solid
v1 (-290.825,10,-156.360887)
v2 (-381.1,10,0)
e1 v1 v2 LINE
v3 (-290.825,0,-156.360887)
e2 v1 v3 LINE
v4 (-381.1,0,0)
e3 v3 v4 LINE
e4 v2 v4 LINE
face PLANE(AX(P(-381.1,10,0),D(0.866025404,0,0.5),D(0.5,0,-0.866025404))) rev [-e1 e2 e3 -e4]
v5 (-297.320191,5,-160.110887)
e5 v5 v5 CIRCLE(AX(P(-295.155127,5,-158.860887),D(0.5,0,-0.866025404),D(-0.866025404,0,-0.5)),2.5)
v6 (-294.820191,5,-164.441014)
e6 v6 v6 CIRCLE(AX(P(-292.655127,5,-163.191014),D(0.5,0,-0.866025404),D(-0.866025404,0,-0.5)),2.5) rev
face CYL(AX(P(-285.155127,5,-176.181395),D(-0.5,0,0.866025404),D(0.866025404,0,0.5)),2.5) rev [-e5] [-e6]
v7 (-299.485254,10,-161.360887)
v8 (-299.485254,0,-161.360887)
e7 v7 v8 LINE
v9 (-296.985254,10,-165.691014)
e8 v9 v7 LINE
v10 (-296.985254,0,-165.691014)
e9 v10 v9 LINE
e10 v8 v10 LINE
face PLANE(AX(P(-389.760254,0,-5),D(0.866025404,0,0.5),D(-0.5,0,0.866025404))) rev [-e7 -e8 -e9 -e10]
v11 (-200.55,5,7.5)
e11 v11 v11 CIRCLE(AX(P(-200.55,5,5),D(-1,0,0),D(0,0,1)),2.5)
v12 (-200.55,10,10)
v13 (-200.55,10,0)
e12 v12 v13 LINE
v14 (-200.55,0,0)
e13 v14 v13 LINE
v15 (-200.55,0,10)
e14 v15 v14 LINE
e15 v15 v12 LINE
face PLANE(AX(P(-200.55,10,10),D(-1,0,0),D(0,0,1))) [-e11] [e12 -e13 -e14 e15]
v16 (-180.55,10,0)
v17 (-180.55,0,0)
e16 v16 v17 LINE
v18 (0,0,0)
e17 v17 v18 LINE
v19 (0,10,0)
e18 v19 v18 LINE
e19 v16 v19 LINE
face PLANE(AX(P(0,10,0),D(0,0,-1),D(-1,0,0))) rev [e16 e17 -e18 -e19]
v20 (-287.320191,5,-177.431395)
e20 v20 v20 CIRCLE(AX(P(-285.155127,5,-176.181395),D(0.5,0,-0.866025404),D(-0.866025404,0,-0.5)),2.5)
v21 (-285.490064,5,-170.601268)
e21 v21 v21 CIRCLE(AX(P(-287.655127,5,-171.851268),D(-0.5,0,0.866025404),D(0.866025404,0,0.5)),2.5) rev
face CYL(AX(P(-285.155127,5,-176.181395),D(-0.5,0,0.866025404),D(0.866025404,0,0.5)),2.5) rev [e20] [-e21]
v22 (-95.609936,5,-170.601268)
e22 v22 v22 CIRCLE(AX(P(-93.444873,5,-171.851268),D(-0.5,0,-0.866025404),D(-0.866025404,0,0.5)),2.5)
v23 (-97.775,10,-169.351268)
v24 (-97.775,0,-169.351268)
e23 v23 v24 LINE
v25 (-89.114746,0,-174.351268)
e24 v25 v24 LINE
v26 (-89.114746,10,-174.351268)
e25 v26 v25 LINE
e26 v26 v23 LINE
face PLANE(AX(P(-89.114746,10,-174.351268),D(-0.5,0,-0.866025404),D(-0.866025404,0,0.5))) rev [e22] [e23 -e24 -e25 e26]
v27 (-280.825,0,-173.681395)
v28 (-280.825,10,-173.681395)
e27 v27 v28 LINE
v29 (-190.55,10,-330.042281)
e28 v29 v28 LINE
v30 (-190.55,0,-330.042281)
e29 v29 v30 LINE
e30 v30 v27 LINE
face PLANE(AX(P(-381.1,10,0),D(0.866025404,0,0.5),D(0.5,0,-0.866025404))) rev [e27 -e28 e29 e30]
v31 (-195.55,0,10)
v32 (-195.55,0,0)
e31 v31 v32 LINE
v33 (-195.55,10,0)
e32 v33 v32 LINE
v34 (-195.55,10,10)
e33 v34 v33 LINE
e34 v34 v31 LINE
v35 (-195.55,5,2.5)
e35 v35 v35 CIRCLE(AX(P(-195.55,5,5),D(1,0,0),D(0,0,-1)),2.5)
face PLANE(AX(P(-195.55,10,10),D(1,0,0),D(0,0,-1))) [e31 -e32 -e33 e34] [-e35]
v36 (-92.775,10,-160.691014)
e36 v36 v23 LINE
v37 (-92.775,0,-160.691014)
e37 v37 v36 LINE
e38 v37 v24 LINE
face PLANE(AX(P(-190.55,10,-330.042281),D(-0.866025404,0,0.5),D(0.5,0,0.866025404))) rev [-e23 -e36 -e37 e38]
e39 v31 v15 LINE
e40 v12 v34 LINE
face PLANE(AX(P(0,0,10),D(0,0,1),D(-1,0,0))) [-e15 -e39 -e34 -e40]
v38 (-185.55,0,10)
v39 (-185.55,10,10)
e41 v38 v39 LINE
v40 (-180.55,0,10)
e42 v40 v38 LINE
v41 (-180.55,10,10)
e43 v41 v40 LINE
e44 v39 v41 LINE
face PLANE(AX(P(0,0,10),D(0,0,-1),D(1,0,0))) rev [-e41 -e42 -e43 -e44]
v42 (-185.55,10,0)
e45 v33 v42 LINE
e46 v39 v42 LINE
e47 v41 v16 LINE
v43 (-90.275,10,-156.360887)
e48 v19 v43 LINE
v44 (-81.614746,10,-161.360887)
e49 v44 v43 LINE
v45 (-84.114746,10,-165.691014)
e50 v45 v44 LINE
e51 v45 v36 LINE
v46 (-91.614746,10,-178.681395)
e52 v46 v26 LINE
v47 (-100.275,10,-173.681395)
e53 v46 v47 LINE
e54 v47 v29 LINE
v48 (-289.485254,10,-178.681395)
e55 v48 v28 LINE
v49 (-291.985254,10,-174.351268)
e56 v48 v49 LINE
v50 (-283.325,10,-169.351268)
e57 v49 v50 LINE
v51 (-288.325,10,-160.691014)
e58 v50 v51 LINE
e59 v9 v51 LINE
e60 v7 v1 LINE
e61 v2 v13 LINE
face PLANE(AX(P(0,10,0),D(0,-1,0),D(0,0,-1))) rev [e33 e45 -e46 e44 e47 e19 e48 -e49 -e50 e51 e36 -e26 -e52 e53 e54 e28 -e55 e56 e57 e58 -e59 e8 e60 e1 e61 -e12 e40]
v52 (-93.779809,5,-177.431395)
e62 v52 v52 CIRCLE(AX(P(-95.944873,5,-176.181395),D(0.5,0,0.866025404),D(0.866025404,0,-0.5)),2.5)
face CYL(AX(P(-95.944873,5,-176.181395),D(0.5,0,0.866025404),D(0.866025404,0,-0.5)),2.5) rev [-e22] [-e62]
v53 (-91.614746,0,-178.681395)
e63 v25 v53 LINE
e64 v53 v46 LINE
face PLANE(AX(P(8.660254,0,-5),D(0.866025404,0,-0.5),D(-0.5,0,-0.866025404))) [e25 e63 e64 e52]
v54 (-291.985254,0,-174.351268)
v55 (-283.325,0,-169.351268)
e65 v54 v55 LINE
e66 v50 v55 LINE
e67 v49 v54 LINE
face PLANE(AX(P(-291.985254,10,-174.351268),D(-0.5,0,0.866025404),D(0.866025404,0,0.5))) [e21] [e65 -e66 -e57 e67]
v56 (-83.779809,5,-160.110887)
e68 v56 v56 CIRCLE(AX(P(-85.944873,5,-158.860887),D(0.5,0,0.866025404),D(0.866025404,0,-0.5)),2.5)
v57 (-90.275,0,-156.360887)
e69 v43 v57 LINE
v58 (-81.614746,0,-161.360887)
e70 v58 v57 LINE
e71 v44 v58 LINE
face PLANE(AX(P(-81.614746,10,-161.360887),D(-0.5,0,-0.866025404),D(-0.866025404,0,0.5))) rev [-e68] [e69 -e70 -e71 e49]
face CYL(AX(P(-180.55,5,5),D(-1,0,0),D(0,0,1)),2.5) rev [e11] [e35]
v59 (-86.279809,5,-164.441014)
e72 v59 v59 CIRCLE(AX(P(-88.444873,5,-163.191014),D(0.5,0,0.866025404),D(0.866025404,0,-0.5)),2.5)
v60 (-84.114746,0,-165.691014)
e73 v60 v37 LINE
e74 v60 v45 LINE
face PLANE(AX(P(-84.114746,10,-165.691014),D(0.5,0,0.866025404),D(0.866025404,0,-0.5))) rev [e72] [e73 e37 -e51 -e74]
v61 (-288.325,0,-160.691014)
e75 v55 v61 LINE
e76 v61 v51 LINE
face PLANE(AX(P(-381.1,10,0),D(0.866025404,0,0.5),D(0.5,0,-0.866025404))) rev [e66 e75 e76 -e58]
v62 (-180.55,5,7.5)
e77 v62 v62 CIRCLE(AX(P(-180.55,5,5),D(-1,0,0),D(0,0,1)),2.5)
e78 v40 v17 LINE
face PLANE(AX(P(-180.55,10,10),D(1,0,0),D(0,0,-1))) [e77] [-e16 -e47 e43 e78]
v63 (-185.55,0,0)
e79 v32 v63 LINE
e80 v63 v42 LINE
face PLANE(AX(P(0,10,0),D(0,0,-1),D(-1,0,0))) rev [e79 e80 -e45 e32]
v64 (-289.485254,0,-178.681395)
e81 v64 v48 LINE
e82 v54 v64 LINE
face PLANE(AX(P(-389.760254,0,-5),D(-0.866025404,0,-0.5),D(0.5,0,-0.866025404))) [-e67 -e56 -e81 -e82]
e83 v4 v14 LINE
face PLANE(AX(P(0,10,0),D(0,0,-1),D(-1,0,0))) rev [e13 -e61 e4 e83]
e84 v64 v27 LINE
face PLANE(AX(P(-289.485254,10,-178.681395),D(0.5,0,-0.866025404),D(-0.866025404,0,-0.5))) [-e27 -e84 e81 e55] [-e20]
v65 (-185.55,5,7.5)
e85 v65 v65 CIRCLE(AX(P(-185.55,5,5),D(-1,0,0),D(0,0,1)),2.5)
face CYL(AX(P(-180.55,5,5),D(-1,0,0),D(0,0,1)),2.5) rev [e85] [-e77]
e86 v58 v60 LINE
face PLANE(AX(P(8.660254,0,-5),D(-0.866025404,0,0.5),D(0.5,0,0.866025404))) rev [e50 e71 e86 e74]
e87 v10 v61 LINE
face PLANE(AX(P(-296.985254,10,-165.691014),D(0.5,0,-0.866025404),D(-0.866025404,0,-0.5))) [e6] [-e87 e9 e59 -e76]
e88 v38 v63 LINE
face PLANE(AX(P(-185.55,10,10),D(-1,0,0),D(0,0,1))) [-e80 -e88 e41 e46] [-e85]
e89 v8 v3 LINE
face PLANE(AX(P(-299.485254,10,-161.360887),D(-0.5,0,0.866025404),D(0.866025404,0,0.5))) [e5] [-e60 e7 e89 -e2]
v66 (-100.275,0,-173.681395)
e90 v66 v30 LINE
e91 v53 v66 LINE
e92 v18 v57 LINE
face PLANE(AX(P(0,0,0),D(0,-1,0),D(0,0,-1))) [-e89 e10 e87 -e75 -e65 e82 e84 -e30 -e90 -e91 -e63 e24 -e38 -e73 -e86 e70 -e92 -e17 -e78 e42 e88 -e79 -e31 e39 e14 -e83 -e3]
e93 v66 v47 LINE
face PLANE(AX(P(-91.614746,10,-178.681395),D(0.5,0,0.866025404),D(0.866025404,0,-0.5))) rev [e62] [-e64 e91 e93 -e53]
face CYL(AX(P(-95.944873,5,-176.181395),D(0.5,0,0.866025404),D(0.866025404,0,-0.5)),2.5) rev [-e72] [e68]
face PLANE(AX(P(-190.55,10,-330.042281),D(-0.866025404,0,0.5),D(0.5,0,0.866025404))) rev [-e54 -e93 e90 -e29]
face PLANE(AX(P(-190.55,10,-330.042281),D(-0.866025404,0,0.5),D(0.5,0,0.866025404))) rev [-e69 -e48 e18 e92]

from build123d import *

# Parameters (mm, degrees)
BOSS_EXTRUDE1_DEPTH     = 10
SKETCH3_W               = 5
SKETCH3_H               = 10
BOSS_EXTRUDE2_DEPTH     = 10
SKETCH5_R               = 2.5
CUT_EXTRUDE1_DEPTH      = 20
MIRROR2_COPY_1_SKETCH_W = 5
MIRROR2_COPY_1_SKETCH_H = 10
MIRROR2_COPY_1_DEPTH    = 10
MIRROR2_COPY_2_SKETCH_R = 2.5
MIRROR2_COPY_2_DEPTH    = 20


with BuildPart() as part:
    # Sketch1 → Boss-Extrude1 (new body)
    with BuildSketch(Plane(origin=(0, 0, 0), x_dir=(1, 0, 0), z_dir=(0, 1, 0))):
        Polygon((-381.1, 0), (-190.55, 330.042281382), (0, 0), align=None)
    extrude(amount=BOSS_EXTRUDE1_DEPTH)

    # Sketch3 → Boss-Extrude2 (add)
    with BuildSketch(Plane(origin=(0, 0, 0), x_dir=(-0.5, 0, -0.866025404), z_dir=(0.866025404, 0, -0.5))):
        with Locations((198.05, 5)):
            Rectangle(SKETCH3_W, SKETCH3_H)
        with Locations((183.05, 5)):
            Rectangle(SKETCH3_W, SKETCH3_H)
    boss_extrude2 = extrude(amount=BOSS_EXTRUDE2_DEPTH)

    # Sketch5 → Cut-Extrude1 (cut)
    with BuildSketch(Plane(origin=(-90.275, 0, -156.360886653), x_dir=(0.866025404, 0, -0.5), z_dir=(0.5, 0, 0.866025404))):
        with Locations((5, 5)):
            Circle(SKETCH5_R)
    cut_extrude1 = extrude(amount=-CUT_EXTRUDE1_DEPTH, mode=Mode.SUBTRACT)

    # Mirror1: Boss-Extrude2, Cut-Extrude1 across plane
    add(boss_extrude2.mirror(Plane(origin=(0, 0, 0), x_dir=(0.866025404, 0, 0.5), z_dir=(-0.5, 0, 0.866025404))))
    add(cut_extrude1.mirror(Plane(origin=(0, 0, 0), x_dir=(0.866025404, 0, 0.5), z_dir=(-0.5, 0, 0.866025404))), mode=Mode.SUBTRACT)

    # Mirror2: Boss-Extrude2, Cut-Extrude1 across plane
    add(boss_extrude2.mirror(Plane(origin=(-190.55, 0, 0), x_dir=(0, 0, 1), z_dir=(1, 0, 0))))
    add(cut_extrude1.mirror(Plane(origin=(-190.55, 0, 0), x_dir=(0, 0, 1), z_dir=(1, 0, 0))), mode=Mode.SUBTRACT)

    # Mirror2 copy 1 sketch → Mirror2 copy 1 (add)
    with BuildSketch(Plane(origin=(-381.1, 0, 0), x_dir=(1, 0, 0), z_dir=(0, 0, 1))):
        with Locations((198.05, 5)):
            Rectangle(MIRROR2_COPY_1_SKETCH_W, MIRROR2_COPY_1_SKETCH_H)
        with Locations((183.05, 5)):
            Rectangle(MIRROR2_COPY_1_SKETCH_W, MIRROR2_COPY_1_SKETCH_H)
    extrude(amount=MIRROR2_COPY_1_DEPTH)

    # Mirror2 copy 2 sketch → Mirror2 copy 2 (cut)
    with BuildSketch(Plane.ZY.offset(200.55)):
        with Locations((5, 5)):
            Circle(MIRROR2_COPY_2_SKETCH_R)
    extrude(amount=-MIRROR2_COPY_2_DEPTH, mode=Mode.SUBTRACT)


solid = part.part
